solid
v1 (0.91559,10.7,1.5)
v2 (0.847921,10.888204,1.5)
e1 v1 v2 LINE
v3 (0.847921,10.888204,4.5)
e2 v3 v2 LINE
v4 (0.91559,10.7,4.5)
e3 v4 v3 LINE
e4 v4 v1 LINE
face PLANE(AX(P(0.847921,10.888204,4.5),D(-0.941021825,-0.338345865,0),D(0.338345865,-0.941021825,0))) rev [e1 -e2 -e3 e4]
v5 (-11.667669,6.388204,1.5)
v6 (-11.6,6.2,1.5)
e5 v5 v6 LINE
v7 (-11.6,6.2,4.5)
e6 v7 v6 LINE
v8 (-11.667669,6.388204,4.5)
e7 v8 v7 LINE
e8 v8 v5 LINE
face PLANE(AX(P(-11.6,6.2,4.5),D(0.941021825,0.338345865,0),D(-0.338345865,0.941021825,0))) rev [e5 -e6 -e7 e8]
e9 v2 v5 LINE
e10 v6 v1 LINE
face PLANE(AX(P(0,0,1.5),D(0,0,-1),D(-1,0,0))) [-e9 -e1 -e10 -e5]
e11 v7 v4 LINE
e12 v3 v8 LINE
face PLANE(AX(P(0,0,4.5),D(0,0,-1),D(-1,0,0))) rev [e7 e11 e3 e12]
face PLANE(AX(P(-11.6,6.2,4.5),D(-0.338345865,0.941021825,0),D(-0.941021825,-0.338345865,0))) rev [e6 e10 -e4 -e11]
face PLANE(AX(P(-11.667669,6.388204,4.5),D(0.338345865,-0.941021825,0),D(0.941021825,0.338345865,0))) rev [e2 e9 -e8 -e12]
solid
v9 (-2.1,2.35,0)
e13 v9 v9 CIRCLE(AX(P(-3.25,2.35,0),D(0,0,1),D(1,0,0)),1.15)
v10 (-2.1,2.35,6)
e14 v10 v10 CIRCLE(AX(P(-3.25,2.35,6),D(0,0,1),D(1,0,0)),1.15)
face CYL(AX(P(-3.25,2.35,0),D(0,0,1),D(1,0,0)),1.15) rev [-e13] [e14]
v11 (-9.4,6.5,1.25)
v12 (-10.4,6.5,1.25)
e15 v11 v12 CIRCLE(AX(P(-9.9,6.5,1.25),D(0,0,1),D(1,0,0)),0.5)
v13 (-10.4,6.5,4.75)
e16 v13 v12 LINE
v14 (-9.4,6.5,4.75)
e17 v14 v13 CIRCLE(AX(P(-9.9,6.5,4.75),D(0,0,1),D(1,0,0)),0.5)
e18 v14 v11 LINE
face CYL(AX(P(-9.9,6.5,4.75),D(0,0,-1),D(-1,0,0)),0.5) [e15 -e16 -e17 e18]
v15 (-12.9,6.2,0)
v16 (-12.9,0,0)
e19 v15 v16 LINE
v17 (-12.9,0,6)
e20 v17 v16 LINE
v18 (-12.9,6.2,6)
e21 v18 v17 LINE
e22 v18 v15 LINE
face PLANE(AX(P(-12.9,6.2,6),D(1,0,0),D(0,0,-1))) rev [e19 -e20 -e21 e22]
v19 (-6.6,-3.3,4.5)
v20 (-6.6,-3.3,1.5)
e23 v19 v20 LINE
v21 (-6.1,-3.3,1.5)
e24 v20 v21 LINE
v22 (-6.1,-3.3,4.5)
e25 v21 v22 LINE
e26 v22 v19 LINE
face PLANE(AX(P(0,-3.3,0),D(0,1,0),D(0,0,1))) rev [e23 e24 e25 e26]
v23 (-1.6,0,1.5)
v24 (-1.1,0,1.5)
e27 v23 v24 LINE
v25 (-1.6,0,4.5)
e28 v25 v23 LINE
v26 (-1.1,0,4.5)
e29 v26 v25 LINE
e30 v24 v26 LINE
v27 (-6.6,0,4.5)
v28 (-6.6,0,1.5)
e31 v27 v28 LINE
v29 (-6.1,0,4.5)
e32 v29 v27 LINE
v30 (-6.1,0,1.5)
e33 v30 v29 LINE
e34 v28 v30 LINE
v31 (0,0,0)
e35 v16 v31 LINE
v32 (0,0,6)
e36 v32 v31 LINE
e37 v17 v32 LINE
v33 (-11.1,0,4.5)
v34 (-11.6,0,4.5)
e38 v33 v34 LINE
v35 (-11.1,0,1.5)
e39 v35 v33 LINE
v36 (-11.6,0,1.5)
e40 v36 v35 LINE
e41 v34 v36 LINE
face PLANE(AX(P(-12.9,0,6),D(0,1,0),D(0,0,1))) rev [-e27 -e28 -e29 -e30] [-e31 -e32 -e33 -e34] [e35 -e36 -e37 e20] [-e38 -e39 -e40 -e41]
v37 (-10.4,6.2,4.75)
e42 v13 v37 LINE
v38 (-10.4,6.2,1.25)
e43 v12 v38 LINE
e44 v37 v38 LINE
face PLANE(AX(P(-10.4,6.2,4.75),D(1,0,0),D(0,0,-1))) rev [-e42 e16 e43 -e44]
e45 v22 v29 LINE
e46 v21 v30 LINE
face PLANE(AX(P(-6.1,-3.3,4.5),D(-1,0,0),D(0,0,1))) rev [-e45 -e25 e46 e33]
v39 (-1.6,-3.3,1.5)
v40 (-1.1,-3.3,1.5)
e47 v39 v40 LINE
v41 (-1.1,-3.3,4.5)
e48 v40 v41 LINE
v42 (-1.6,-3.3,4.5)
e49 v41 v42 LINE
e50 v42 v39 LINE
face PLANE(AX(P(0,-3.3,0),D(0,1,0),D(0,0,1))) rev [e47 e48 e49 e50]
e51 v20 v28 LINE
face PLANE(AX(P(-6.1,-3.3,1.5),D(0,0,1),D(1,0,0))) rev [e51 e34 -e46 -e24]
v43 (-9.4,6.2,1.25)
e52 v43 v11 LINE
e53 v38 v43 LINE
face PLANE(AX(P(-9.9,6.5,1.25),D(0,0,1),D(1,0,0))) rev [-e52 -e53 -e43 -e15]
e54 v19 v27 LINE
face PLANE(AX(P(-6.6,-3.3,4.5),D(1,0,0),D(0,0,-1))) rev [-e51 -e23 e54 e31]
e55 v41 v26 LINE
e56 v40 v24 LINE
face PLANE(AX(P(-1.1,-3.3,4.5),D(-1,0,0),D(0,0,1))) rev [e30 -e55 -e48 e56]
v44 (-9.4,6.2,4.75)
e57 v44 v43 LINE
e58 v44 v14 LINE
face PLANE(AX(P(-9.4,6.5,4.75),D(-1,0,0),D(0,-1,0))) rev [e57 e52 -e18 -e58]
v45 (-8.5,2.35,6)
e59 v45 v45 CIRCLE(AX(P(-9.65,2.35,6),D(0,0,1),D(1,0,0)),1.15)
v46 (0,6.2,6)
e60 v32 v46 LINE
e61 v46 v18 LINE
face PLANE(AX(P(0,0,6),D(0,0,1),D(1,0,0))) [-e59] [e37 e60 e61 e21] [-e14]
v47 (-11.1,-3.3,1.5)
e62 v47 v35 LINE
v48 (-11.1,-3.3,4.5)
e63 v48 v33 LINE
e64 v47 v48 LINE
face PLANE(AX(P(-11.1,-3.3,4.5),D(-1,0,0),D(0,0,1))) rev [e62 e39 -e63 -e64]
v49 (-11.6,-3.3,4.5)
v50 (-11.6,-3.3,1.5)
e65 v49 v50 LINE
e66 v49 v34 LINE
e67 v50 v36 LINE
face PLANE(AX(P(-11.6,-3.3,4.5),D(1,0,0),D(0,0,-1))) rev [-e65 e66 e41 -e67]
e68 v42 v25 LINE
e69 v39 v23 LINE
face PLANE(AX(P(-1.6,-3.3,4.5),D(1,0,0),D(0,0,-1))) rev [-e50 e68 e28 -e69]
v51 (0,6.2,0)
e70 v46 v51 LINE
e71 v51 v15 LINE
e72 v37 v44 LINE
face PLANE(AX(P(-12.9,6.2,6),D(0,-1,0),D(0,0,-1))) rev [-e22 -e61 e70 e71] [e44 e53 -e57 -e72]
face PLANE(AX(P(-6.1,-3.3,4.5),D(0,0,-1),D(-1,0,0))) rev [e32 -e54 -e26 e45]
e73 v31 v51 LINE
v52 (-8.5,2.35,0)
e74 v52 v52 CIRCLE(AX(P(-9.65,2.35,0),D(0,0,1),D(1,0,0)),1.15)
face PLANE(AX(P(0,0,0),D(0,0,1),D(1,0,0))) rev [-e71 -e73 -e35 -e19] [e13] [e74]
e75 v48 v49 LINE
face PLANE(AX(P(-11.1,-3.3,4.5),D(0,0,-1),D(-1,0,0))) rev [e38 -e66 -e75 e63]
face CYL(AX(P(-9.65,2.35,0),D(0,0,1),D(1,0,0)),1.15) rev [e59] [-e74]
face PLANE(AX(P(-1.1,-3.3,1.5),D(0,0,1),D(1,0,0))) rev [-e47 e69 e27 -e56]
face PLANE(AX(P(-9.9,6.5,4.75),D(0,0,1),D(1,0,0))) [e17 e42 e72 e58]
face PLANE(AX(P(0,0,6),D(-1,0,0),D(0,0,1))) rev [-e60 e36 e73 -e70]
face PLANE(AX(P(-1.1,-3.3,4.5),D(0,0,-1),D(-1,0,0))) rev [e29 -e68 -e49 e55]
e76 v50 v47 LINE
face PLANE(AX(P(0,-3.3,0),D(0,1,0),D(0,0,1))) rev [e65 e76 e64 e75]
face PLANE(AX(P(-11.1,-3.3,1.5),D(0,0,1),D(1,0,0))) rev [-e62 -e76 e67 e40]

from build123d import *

# Parameters (mm, degrees)
ESBO_O1_W                  = 12.9
ESBO_O1_H                  = 6.2
RESSALTO_EXTRUS_O1_DEPTH   = 6
RESSALTO_EXTRUS_O2_DEPTH   = 1.75
CORTE_EXTRUS_O1_DEPTH      = 15.980320424
CORTE_EXTRUS_O1_DEPTH_BACK = 15.980320424
ESBO_O4_R                  = 1.15
ESBO_O5_W                  = 0.5
ESBO_O5_H                  = 3
RESSALTO_EXTRUS_O3_DEPTH   = 3.3
RESSALTO_EXTRUS_O8_DEPTH   = 1.5


with BuildPart() as part:
    # Esboço1 → Ressalto-extrusão1 (new body)
    with BuildSketch(Plane.XY):
        with Locations((-6.45, 3.1)):
            Rectangle(ESBO_O1_W, ESBO_O1_H)
    extrude(amount=RESSALTO_EXTRUS_O1_DEPTH)

    # Esboço3 → Ressalto-extrusão2 (add, symmetric)
    with BuildSketch(Plane.XY.offset(3)):
        with BuildLine():
            Line((-10.4, 6.2), (-9.4, 6.2))
            Line((-9.4, 6.2), (-9.4, 6.5))
            ThreePointArc((-9.4, 6.5), (-9.9, 7), (-10.4, 6.5))
            Line((-10.4, 6.5), (-10.4, 6.2))
        make_face()
    extrude(amount=RESSALTO_EXTRUS_O2_DEPTH, both=True)

    # Esboço4 → Corte-extrusão1 (cut, two sides: drawn at the far end of the back side and taken through both)
    with BuildSketch(Plane.XY.offset(3).offset(-CORTE_EXTRUS_O1_DEPTH_BACK)):
        with Locations((-3.25, 2.35)):
            Circle(ESBO_O4_R)
        with Locations((-9.65, 2.35)):
            Circle(ESBO_O4_R)
    extrude(amount=CORTE_EXTRUS_O1_DEPTH + CORTE_EXTRUS_O1_DEPTH_BACK, mode=Mode.SUBTRACT)

    # Esboço5 → Ressalto-extrusão3 (add)
    with BuildSketch(Plane.XZ):
        with Locations((-1.35, 3)):
            Rectangle(ESBO_O5_W, ESBO_O5_H)
        with Locations((-6.35, 3)):
            Rectangle(ESBO_O5_W, ESBO_O5_H)
        with Locations((-11.35, 3)):
            Rectangle(ESBO_O5_W, ESBO_O5_H)
    extrude(amount=RESSALTO_EXTRUS_O3_DEPTH)


with BuildPart() as body_2:
    # Esboço6 → Ressalto-extrusão8 (new, symmetric)
    with BuildSketch(Plane.XY.offset(3)):
        Polygon((-11.6, 6.2), (0.915590278, 10.7), (0.847921105, 10.888204365), (-11.667669173, 6.388204365), align=None)
    extrude(amount=RESSALTO_EXTRUS_O8_DEPTH, both=True)


solid = Compound([part.part, body_2.part])
